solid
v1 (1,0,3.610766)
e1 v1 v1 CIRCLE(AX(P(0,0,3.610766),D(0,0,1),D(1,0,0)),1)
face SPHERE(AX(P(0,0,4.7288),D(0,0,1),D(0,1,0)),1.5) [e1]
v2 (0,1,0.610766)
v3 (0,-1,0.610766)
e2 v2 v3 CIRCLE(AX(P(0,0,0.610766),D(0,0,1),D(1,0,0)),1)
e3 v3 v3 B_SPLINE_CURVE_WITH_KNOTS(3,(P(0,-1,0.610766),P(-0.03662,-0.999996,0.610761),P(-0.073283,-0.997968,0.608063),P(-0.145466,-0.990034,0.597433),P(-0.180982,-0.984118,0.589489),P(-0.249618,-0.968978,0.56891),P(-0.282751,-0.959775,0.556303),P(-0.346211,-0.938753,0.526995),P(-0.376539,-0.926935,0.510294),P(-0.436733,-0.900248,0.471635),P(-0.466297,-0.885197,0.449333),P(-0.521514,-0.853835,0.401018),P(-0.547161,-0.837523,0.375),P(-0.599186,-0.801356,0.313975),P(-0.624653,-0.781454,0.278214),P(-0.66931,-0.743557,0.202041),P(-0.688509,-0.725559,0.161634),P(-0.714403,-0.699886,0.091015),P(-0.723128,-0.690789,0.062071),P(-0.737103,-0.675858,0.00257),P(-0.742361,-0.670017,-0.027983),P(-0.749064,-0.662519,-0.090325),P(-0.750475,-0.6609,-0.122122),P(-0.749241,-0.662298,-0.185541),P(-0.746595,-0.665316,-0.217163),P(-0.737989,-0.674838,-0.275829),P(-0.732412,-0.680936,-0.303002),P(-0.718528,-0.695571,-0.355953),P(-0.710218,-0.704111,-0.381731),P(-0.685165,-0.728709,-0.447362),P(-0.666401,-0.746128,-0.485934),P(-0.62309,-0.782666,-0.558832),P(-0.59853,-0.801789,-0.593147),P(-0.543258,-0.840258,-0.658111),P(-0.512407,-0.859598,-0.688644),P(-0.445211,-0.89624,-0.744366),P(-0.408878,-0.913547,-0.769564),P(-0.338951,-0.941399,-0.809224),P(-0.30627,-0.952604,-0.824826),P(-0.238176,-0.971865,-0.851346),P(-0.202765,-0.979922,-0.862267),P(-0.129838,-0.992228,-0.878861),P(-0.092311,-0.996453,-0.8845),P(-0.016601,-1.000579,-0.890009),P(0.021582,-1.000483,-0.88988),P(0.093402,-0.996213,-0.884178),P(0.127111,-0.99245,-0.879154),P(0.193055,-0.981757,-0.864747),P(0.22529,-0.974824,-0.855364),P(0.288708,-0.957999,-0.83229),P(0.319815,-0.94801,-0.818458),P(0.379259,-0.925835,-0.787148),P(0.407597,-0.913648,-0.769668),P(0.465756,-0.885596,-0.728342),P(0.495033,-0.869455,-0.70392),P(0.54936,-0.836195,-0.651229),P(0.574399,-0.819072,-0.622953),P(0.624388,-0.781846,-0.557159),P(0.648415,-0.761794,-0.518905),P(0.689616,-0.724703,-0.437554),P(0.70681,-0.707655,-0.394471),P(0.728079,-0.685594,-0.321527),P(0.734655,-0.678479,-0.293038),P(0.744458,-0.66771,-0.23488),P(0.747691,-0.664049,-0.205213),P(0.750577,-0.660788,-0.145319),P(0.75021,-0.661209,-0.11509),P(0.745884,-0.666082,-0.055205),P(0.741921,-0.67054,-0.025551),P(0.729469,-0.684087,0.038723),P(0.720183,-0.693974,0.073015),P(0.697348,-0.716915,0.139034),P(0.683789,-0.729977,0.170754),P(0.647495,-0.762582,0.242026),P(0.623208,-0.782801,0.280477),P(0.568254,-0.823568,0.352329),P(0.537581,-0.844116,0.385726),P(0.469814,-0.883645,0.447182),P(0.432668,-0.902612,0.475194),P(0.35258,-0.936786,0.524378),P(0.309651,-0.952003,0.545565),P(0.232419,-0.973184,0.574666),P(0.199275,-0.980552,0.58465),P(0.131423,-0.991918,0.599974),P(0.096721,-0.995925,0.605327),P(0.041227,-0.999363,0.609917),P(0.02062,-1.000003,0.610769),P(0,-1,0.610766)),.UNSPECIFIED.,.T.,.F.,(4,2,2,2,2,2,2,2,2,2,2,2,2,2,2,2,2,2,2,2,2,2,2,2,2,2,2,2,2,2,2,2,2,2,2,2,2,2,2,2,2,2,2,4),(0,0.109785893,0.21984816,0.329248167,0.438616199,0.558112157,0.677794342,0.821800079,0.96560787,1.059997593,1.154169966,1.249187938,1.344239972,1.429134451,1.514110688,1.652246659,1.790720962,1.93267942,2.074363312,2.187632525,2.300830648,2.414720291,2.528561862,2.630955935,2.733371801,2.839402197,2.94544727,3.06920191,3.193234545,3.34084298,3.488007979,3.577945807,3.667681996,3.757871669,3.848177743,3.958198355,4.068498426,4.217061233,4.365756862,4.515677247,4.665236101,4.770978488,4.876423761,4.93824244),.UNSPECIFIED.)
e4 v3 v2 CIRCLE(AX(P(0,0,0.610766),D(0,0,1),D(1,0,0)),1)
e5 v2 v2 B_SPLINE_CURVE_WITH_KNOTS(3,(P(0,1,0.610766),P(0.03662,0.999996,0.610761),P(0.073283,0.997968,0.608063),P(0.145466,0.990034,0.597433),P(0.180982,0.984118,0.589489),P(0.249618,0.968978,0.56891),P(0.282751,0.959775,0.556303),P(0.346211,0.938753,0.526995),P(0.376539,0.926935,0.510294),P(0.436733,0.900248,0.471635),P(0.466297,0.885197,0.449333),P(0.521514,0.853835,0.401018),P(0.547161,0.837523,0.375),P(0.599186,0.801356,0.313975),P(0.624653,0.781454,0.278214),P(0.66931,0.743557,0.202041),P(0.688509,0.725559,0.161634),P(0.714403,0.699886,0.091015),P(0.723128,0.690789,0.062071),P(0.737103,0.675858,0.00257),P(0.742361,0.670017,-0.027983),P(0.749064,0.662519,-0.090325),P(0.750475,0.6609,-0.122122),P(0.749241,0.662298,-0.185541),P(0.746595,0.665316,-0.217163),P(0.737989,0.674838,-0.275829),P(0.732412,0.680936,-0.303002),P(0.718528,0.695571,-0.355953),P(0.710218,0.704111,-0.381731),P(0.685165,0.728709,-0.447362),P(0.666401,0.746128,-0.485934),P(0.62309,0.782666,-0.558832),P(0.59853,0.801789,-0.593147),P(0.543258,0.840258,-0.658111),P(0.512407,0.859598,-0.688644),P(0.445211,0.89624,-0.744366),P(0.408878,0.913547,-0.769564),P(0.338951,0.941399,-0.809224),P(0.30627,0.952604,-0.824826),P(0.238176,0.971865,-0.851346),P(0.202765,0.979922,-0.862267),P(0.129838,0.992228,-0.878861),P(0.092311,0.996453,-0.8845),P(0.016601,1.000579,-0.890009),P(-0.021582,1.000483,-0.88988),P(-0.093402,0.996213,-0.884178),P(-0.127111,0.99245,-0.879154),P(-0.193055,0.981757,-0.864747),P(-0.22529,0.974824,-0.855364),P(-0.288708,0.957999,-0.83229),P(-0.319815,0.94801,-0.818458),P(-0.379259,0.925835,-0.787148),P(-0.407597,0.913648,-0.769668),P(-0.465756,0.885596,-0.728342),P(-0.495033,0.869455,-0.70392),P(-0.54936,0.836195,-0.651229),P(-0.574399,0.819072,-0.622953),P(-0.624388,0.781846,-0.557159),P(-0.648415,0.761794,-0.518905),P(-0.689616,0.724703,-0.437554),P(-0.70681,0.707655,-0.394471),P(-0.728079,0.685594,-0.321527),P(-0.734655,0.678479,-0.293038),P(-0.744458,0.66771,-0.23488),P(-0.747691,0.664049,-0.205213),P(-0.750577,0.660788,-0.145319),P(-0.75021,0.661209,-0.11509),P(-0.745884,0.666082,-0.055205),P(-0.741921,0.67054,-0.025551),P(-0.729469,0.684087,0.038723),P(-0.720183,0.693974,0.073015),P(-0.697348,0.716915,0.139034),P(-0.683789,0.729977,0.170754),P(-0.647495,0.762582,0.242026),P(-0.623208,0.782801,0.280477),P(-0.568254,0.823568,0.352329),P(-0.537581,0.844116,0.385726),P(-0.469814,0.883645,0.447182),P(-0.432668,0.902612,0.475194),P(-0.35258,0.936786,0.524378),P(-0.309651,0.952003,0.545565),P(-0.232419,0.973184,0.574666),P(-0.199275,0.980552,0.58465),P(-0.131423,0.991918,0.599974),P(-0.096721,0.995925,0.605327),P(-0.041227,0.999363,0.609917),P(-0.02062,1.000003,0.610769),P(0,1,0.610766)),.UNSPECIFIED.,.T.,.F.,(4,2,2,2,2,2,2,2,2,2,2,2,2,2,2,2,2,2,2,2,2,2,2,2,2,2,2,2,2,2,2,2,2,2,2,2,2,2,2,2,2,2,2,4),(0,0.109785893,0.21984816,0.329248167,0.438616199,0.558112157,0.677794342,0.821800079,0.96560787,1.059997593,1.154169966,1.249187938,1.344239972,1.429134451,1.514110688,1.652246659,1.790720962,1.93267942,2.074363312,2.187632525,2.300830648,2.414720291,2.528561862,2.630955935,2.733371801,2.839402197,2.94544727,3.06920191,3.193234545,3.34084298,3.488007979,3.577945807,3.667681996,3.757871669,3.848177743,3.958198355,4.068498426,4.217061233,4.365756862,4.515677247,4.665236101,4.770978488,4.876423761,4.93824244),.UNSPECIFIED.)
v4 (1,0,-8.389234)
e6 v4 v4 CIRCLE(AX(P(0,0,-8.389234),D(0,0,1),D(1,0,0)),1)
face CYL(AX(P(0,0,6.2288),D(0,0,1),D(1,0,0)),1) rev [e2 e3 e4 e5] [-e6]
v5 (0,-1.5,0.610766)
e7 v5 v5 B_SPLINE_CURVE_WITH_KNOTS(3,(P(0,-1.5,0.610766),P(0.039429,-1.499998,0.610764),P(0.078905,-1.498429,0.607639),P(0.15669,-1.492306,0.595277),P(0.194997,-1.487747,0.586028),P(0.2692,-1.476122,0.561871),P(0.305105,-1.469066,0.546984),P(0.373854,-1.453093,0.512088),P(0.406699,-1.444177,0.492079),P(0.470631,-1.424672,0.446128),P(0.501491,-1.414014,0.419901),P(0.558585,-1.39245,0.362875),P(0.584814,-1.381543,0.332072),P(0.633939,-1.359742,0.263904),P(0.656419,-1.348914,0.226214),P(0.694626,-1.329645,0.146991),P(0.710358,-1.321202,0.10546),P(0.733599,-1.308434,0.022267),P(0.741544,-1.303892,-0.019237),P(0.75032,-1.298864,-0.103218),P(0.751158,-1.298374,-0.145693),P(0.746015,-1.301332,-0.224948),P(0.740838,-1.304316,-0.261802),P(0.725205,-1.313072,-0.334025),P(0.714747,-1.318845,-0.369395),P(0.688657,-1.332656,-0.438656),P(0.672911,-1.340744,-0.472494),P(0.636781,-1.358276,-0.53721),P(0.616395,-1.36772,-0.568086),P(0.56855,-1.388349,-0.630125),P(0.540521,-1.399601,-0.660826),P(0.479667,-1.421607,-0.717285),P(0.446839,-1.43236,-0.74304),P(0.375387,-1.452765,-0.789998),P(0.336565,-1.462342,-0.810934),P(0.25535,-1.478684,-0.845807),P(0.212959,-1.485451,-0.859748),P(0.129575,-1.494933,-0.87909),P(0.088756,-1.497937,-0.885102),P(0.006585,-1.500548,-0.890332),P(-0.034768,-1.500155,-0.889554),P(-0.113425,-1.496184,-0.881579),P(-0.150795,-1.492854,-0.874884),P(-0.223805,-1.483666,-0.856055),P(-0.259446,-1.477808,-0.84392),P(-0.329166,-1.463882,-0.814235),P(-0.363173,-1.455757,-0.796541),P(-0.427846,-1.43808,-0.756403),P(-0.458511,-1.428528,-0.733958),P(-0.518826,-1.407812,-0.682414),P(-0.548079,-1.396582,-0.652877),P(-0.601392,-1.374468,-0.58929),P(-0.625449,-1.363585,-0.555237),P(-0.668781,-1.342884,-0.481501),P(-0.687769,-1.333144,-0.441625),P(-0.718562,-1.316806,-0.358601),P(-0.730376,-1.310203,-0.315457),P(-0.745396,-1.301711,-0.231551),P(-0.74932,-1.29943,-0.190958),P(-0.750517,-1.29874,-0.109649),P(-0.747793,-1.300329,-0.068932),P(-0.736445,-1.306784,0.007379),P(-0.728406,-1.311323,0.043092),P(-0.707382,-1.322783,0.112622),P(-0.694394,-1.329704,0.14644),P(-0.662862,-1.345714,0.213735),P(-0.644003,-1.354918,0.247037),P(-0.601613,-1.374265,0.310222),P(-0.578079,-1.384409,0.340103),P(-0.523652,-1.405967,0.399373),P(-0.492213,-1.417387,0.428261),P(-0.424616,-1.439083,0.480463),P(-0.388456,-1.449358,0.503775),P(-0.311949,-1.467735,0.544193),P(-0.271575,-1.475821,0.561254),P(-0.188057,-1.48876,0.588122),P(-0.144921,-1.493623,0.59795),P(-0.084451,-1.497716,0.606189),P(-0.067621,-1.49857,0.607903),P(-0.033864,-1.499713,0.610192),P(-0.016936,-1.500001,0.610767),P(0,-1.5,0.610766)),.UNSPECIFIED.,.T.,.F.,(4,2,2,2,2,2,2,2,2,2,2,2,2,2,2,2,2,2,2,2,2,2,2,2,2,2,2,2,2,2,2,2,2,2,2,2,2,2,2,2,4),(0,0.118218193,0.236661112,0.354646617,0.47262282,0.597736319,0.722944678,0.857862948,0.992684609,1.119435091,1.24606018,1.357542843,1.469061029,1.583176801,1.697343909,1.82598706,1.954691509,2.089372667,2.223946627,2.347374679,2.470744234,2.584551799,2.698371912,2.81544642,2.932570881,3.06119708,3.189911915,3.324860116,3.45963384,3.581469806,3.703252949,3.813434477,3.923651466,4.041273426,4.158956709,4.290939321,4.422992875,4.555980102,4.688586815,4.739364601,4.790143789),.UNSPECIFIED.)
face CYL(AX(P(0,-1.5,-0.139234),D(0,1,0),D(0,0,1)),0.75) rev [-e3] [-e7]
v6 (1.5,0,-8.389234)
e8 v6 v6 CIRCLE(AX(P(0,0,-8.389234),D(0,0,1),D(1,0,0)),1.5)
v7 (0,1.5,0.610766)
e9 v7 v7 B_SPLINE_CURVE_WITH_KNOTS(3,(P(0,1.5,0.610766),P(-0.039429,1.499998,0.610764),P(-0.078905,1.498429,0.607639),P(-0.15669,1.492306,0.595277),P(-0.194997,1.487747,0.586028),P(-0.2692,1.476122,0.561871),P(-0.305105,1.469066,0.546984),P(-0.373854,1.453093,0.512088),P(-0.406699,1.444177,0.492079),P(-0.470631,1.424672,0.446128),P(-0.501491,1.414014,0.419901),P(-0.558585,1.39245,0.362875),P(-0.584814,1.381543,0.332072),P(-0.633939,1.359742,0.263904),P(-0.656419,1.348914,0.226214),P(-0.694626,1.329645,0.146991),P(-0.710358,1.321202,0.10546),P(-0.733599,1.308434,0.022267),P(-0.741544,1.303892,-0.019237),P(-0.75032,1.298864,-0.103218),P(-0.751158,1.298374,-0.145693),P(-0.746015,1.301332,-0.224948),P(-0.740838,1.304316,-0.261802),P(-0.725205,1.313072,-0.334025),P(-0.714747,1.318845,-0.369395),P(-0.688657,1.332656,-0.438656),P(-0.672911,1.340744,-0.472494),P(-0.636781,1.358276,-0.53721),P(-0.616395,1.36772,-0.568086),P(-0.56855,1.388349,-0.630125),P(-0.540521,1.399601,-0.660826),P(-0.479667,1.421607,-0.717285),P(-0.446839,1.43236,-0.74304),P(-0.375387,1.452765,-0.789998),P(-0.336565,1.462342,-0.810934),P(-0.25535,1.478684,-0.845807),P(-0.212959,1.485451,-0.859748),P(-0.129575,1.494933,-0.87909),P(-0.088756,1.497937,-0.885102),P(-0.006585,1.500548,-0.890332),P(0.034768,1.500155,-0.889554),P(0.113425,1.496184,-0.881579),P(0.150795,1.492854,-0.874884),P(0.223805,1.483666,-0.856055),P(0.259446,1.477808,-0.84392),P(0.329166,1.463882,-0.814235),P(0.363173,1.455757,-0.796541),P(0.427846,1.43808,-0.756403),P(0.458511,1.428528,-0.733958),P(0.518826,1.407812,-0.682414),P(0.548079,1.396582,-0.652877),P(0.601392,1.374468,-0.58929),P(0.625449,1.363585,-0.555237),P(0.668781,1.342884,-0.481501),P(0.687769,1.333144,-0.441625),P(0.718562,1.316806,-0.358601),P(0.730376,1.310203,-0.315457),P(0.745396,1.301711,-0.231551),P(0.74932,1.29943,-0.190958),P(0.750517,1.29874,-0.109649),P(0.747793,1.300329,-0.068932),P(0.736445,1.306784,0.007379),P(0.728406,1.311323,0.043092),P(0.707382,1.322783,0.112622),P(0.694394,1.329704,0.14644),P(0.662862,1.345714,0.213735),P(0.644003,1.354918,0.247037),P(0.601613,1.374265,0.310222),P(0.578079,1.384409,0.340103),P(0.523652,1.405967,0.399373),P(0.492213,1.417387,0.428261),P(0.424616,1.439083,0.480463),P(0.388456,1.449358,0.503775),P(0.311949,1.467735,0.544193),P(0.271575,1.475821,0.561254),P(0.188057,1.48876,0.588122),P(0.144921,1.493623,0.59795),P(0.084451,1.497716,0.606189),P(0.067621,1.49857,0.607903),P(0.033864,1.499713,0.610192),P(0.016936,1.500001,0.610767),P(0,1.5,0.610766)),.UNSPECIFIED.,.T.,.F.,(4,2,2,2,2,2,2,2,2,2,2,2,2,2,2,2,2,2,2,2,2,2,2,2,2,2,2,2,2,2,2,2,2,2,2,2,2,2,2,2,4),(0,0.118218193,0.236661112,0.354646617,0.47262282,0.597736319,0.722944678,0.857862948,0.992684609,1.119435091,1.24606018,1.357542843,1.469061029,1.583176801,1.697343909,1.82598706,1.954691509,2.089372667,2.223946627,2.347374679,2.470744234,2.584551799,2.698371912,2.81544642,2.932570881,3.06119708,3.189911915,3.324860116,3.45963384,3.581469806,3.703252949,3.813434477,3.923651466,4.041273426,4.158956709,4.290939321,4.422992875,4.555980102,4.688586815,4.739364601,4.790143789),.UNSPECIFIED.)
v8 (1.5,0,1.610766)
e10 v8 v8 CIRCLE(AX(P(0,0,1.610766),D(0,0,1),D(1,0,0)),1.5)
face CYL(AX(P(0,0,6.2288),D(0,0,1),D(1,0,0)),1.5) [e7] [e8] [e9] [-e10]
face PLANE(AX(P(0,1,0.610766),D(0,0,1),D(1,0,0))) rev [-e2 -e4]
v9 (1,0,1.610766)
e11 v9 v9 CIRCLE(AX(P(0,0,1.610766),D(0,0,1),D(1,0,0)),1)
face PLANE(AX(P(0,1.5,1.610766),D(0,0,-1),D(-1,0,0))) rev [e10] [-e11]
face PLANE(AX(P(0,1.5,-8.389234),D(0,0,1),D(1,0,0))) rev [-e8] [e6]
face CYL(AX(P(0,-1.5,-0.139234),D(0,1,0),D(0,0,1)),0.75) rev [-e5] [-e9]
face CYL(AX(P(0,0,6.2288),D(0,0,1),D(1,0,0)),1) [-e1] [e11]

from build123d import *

# Parameters (mm, degrees)
TAGLIO_ESTRUSIONE1_DEPTH      = 9.653279386
TAGLIO_ESTRUSIONE1_DEPTH_BACK = 9.653279386
SCHIZZO2_R                    = 0.75


with BuildPart() as part:
    # Schizzo1 → Rivoluzione1 (revolve)
    with BuildSketch(Plane(origin=(0, 0, 0), x_dir=(0, 0, -1), z_dir=(1, 0, 0)), mode=Mode.PRIVATE) as rivoluzione1_sk:
        with BuildLine():
            Line((8.389233822, 1.5), (-1.610766178, 1.5))
            Line((-1.610766178, 1.5), (-1.610766178, 1))
            Line((-1.610766178, 1), (-3.610766178, 1))
            ThreePointArc((-3.610766178, 1), (-5.264033301, 1.401258538), (-6.228800167, 0))
            Line((-6.228800167, 0), (-0.610766178, 0))
            Line((-0.610766178, 0), (-0.610766178, 1))
            Line((-0.610766178, 1), (8.389233822, 1))
            Line((8.389233822, 1), (8.389233822, 1.5))
        make_face()
    revolve(rivoluzione1_sk.sketch.rotate(Axis((0, 0, 6.228800167), (0, 0, -1)), 90), axis=Axis((0, 0, 6.228800167), (0, 0, -1)))

    # Schizzo2 → Taglio-Estrusione1 (cut, two sides: drawn at the far end of the back side and taken through both)
    with BuildSketch(Plane(origin=(0, 0, 0), x_dir=(1, 0, 0), z_dir=(0, 1, 0)).offset(-TAGLIO_ESTRUSIONE1_DEPTH_BACK)):
        with Locations(Location((0, 0.139233822, 0), (0, 0, 270))):
            Circle(SCHIZZO2_R)
    extrude(amount=TAGLIO_ESTRUSIONE1_DEPTH + TAGLIO_ESTRUSIONE1_DEPTH_BACK, mode=Mode.SUBTRACT)


solid = part.part
